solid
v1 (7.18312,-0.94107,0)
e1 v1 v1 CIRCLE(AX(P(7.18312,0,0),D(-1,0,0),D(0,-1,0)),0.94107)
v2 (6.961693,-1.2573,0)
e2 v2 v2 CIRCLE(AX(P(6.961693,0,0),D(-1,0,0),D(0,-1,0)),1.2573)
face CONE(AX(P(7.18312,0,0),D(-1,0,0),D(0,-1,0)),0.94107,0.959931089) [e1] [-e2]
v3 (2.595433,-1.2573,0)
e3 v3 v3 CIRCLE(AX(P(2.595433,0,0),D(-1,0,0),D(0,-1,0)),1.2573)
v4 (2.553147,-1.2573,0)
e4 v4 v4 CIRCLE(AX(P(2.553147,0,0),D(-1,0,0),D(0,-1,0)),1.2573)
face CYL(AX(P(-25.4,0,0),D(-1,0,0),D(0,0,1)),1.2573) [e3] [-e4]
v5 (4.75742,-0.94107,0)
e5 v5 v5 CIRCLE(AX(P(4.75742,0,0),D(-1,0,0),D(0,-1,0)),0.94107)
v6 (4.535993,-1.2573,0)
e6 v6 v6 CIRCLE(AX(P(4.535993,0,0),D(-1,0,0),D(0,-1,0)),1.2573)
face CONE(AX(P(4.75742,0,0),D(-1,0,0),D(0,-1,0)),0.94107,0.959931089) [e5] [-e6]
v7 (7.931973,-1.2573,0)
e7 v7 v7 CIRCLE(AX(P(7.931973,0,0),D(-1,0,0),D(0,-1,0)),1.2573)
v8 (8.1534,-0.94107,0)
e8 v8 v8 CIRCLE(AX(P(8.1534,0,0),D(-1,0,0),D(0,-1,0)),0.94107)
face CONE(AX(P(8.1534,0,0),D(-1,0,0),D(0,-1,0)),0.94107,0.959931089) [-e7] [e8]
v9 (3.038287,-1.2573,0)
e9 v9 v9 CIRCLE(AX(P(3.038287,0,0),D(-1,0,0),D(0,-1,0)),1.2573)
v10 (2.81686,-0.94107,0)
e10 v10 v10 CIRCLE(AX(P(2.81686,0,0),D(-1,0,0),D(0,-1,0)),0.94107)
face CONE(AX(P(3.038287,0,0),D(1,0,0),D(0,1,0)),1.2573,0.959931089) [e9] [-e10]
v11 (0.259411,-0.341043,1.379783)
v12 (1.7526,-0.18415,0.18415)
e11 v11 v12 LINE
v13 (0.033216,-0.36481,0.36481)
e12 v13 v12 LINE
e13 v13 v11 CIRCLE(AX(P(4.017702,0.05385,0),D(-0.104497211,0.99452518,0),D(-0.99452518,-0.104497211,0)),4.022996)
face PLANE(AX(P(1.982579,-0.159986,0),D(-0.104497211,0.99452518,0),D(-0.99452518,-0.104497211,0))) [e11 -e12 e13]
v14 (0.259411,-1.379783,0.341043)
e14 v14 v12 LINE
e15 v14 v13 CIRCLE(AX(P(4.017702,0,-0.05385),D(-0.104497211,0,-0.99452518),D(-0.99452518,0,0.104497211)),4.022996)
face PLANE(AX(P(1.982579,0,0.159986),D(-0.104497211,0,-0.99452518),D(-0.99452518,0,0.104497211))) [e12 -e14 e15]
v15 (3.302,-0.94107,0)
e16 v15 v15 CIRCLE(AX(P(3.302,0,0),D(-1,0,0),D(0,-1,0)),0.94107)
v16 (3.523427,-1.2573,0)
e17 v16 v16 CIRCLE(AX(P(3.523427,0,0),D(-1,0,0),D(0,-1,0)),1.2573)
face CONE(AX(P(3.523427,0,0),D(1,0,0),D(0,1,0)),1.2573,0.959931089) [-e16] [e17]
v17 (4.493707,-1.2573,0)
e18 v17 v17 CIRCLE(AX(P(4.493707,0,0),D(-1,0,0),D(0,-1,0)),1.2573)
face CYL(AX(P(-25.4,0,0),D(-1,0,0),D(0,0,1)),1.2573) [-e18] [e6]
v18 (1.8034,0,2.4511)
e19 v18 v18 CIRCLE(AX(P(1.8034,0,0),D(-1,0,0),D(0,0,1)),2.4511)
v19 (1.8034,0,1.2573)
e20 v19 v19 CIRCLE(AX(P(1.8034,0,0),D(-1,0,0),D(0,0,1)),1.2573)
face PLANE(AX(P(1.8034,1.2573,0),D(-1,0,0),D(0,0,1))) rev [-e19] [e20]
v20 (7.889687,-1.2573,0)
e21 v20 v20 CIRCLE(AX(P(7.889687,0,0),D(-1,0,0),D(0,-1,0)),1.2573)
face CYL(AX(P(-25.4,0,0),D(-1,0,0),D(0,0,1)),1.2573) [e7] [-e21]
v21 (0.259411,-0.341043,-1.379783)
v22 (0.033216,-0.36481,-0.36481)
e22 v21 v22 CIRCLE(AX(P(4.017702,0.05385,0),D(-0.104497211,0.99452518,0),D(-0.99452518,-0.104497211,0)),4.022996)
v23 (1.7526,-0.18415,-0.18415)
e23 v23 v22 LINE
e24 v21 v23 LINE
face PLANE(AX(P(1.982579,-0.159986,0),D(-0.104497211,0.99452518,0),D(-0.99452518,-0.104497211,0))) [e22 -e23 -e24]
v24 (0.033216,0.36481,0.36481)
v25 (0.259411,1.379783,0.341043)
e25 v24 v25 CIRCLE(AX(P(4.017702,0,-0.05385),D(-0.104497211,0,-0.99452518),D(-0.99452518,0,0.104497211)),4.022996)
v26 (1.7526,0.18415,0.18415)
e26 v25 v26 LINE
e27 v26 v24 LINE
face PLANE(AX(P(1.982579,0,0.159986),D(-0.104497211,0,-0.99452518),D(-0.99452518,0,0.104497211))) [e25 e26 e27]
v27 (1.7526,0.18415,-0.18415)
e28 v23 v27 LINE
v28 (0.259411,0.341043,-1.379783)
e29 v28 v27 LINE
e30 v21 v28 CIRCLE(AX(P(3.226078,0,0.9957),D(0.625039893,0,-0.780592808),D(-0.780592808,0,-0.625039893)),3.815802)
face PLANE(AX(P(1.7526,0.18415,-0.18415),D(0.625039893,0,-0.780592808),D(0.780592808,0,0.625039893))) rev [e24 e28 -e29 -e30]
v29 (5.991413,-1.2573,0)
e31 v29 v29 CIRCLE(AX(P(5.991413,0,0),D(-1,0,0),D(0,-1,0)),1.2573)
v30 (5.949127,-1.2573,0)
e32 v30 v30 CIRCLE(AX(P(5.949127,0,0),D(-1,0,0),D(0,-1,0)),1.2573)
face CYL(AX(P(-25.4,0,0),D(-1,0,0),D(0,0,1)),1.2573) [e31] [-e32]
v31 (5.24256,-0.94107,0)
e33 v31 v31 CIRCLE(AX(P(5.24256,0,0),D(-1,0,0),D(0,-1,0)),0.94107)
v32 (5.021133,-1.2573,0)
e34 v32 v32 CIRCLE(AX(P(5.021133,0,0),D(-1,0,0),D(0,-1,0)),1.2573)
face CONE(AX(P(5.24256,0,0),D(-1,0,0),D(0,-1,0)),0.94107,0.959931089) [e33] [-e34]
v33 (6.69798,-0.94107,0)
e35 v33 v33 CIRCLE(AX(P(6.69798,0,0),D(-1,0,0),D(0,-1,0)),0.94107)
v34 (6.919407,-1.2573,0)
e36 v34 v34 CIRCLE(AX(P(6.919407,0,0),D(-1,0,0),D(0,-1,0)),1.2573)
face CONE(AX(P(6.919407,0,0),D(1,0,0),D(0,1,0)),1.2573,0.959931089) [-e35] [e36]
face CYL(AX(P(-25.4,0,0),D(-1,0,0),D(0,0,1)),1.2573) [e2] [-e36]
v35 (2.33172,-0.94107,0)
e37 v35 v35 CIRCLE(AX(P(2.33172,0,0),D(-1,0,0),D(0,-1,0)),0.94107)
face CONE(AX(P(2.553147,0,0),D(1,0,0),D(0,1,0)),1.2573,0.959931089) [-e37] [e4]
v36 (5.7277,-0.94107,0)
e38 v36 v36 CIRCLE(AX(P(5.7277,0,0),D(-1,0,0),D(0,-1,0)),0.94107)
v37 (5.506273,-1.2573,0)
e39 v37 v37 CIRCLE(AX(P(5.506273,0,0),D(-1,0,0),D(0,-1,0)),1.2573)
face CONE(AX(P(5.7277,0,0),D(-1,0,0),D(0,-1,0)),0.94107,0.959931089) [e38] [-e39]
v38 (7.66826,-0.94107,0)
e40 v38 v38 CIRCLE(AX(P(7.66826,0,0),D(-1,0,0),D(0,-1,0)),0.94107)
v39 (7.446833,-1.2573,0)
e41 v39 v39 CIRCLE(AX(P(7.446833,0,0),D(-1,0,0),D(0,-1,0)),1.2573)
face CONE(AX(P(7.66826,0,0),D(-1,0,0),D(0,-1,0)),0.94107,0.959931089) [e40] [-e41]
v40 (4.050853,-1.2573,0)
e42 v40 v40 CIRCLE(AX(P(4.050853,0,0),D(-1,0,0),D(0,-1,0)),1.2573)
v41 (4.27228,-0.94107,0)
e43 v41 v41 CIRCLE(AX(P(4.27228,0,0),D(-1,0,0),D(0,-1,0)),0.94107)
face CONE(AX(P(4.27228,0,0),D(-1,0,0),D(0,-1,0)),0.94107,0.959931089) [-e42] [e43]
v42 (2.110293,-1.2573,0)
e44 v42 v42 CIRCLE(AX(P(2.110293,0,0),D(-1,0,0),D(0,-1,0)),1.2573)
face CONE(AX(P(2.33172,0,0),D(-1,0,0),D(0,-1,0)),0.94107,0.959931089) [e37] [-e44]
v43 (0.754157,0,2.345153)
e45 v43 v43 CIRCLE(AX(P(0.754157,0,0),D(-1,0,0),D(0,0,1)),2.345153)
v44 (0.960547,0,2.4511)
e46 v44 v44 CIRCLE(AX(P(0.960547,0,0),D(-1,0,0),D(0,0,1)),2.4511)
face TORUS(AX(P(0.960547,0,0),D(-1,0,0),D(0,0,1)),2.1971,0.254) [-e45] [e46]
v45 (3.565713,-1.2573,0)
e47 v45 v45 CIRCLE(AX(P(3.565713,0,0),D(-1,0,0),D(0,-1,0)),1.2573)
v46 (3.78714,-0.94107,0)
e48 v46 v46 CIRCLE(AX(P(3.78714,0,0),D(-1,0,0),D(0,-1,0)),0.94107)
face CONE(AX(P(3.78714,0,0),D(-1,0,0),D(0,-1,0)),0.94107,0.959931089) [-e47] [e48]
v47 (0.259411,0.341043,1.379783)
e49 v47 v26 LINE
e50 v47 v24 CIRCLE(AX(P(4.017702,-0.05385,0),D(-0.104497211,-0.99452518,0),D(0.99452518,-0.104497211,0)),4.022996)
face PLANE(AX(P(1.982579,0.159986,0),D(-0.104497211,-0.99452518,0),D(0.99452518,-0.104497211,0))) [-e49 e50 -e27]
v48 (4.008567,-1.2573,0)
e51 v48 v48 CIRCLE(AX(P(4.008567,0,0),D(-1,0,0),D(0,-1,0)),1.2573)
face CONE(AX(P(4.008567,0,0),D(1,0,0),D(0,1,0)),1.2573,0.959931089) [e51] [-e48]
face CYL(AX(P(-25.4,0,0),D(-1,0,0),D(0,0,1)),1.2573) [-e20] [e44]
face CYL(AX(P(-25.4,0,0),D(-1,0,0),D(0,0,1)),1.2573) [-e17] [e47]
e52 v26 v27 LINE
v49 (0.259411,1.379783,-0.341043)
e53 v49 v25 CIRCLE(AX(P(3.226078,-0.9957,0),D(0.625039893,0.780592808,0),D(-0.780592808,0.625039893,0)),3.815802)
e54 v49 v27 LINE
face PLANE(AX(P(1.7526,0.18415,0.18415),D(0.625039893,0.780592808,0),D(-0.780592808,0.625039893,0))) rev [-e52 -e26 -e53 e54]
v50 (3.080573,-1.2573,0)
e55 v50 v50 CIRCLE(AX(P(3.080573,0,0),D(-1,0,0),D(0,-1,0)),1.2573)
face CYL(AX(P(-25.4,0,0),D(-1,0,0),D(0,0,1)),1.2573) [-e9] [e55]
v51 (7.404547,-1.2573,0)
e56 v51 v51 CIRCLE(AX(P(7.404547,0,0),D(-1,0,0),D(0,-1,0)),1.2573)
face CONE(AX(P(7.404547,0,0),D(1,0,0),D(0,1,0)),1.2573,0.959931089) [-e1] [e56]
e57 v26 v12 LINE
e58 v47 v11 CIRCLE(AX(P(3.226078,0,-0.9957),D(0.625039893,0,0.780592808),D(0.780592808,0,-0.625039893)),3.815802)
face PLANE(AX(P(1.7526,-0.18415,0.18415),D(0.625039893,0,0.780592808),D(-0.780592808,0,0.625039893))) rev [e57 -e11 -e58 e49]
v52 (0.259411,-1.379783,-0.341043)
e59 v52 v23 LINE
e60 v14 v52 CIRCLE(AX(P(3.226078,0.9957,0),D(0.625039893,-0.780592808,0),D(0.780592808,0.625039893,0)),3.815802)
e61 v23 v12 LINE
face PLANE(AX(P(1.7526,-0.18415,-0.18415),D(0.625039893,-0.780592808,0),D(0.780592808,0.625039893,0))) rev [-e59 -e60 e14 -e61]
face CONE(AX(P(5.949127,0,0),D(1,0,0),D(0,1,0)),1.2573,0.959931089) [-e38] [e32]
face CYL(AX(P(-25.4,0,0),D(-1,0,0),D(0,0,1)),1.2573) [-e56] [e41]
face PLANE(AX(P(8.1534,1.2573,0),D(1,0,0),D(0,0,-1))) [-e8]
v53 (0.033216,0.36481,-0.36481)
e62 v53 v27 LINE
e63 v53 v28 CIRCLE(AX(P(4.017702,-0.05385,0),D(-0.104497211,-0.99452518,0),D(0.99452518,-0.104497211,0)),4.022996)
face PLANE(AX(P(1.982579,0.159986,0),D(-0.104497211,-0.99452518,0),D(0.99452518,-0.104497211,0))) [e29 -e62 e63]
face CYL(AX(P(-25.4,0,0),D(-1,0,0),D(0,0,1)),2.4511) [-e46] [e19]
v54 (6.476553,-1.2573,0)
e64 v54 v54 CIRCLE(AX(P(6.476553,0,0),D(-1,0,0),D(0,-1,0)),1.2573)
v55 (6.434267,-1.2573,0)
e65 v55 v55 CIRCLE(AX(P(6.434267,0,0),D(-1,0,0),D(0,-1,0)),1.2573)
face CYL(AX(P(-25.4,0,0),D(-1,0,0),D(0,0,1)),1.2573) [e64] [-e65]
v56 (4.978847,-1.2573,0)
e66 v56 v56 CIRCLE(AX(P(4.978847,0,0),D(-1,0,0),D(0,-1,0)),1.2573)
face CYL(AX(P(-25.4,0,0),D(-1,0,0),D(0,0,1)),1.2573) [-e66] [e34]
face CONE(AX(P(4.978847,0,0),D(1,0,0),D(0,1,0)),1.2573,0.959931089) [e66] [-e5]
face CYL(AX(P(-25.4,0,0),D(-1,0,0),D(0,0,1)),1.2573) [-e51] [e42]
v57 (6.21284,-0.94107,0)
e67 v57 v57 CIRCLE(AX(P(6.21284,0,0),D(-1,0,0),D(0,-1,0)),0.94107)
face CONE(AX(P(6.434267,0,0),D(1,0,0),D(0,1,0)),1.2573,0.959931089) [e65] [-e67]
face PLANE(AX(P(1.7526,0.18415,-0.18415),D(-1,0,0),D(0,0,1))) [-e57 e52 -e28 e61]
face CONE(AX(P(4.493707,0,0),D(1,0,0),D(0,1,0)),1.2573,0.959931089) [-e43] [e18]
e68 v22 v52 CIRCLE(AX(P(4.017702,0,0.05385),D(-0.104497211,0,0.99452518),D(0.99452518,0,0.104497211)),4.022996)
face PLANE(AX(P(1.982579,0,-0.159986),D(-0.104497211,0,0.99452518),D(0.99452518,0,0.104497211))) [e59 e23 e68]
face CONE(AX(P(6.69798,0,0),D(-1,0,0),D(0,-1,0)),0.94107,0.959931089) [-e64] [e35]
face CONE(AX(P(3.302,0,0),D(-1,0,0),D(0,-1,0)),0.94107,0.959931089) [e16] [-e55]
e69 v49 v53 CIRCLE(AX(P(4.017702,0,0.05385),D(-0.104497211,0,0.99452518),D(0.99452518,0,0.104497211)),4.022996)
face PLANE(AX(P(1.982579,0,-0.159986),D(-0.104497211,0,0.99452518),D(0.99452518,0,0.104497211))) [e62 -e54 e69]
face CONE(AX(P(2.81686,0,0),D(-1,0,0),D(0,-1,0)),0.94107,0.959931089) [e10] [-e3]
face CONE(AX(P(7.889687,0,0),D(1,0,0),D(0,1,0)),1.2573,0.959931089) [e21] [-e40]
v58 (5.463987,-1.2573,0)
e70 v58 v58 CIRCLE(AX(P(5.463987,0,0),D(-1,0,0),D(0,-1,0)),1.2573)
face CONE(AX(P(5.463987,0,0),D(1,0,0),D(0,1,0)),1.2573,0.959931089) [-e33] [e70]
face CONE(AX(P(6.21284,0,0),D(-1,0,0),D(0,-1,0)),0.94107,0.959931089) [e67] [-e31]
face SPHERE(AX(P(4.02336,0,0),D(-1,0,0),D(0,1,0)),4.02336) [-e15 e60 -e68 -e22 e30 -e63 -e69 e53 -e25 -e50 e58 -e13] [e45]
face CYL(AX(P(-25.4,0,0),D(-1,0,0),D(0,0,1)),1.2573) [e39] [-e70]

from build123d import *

# Parameters (mm, degrees)
CIRPATTERN1_COUNT = 2
CIRPATTERN1_ANGLE = 90
THDSCHPAT_COUNT   = 13
THDSCHPAT_PITCH   = 0.48514


with BuildPart() as part:
    # BodySke → Base-Revolve (revolve)
    with BuildSketch(Plane.XY, mode=Mode.PRIVATE) as base_revolve_sk:
        with BuildLine():
            Line((1.8034, 1.2573), (1.8034, 2.4511))
            Line((1.8034, 2.4511), (0.960546522, 2.4511))
            ThreePointArc((0.960546522, 2.4511), (0.844549433, 2.423066093), (0.754157474, 2.345152561))
            ThreePointArc((0.754157474, 2.345152561), (0.193176952, 1.231715676), (0, 0))
            Line((0, 0), (8.1534, 0))
            Line((8.1534, 0), (8.1534, 1.2573))
            Line((8.1534, 1.2573), (1.8034, 1.2573))
        make_face()
    revolve(base_revolve_sk.sketch.rotate(Axis((-25.4, 0, 0), (1, 0, 0)), 90), axis=Axis((-25.4, 0, 0), (1, 0, 0)))

    # Sketch3 → Cut-Loft1 section 0
    with BuildSketch(Plane(origin=(0, 0, 0), x_dir=(0, 0, -1), z_dir=(1, 0, 0))):
        with BuildLine():
            Line((0.3683, -1.5875), (-0.3683, -1.5875))
            Line((-0.3683, -1.5875), (-0.3683, 1.5875))
            Line((-0.3683, 1.5875), (0.3683, 1.5875))
            Line((0.3683, 1.5875), (0.3683, -1.5875))
        make_face()
    # Sketch4 → Cut-Loft1 section 1
    with BuildSketch(Plane(origin=(1.7526, 0, 0), x_dir=(0, 0, -1), z_dir=(1, 0, 0))):
        with BuildLine():
            Line((0.18415, -0.18415), (-0.18415, -0.18415))
            Line((-0.18415, -0.18415), (-0.18415, 0.18415))
            Line((-0.18415, 0.18415), (0.18415, 0.18415))
            Line((0.18415, 0.18415), (0.18415, -0.18415))
        make_face()
    cut_loft1 = loft(mode=Mode.SUBTRACT)

    # CirPattern1: Cut-Loft1 ×2 about axis
    cirpattern1_axis = Axis((0, 0, 0), (1, 0, 0))
    for i in range(1, CIRPATTERN1_COUNT):
        add(cut_loft1.rotate(cirpattern1_axis, i * CIRPATTERN1_ANGLE / (CIRPATTERN1_COUNT - 1)), mode=Mode.SUBTRACT)

    # ThdSchSke → ThreadSchematic (revolve, cut)
    with BuildSketch(Plane.XY, mode=Mode.PRIVATE) as threadschematic_sk:
        Polygon((2.33172, -0.94107), (2.11029337, -1.2573), (2.11029337, -1.571625), (2.55314663, -1.571625), (2.55314663, -1.2573), align=None)
    threadschematic = revolve(threadschematic_sk.sketch.rotate(Axis((-3.175, 0, 0), (1, 0, 0)), 270), axis=Axis((-3.175, 0, 0), (1, 0, 0)), mode=Mode.SUBTRACT)

    # ThdSchPat: ThreadSchematic ×13
    with Locations(*[(i * THDSCHPAT_PITCH, 0, 0) for i in range(1, THDSCHPAT_COUNT)]):
        add(threadschematic, mode=Mode.SUBTRACT)


solid = part.part
